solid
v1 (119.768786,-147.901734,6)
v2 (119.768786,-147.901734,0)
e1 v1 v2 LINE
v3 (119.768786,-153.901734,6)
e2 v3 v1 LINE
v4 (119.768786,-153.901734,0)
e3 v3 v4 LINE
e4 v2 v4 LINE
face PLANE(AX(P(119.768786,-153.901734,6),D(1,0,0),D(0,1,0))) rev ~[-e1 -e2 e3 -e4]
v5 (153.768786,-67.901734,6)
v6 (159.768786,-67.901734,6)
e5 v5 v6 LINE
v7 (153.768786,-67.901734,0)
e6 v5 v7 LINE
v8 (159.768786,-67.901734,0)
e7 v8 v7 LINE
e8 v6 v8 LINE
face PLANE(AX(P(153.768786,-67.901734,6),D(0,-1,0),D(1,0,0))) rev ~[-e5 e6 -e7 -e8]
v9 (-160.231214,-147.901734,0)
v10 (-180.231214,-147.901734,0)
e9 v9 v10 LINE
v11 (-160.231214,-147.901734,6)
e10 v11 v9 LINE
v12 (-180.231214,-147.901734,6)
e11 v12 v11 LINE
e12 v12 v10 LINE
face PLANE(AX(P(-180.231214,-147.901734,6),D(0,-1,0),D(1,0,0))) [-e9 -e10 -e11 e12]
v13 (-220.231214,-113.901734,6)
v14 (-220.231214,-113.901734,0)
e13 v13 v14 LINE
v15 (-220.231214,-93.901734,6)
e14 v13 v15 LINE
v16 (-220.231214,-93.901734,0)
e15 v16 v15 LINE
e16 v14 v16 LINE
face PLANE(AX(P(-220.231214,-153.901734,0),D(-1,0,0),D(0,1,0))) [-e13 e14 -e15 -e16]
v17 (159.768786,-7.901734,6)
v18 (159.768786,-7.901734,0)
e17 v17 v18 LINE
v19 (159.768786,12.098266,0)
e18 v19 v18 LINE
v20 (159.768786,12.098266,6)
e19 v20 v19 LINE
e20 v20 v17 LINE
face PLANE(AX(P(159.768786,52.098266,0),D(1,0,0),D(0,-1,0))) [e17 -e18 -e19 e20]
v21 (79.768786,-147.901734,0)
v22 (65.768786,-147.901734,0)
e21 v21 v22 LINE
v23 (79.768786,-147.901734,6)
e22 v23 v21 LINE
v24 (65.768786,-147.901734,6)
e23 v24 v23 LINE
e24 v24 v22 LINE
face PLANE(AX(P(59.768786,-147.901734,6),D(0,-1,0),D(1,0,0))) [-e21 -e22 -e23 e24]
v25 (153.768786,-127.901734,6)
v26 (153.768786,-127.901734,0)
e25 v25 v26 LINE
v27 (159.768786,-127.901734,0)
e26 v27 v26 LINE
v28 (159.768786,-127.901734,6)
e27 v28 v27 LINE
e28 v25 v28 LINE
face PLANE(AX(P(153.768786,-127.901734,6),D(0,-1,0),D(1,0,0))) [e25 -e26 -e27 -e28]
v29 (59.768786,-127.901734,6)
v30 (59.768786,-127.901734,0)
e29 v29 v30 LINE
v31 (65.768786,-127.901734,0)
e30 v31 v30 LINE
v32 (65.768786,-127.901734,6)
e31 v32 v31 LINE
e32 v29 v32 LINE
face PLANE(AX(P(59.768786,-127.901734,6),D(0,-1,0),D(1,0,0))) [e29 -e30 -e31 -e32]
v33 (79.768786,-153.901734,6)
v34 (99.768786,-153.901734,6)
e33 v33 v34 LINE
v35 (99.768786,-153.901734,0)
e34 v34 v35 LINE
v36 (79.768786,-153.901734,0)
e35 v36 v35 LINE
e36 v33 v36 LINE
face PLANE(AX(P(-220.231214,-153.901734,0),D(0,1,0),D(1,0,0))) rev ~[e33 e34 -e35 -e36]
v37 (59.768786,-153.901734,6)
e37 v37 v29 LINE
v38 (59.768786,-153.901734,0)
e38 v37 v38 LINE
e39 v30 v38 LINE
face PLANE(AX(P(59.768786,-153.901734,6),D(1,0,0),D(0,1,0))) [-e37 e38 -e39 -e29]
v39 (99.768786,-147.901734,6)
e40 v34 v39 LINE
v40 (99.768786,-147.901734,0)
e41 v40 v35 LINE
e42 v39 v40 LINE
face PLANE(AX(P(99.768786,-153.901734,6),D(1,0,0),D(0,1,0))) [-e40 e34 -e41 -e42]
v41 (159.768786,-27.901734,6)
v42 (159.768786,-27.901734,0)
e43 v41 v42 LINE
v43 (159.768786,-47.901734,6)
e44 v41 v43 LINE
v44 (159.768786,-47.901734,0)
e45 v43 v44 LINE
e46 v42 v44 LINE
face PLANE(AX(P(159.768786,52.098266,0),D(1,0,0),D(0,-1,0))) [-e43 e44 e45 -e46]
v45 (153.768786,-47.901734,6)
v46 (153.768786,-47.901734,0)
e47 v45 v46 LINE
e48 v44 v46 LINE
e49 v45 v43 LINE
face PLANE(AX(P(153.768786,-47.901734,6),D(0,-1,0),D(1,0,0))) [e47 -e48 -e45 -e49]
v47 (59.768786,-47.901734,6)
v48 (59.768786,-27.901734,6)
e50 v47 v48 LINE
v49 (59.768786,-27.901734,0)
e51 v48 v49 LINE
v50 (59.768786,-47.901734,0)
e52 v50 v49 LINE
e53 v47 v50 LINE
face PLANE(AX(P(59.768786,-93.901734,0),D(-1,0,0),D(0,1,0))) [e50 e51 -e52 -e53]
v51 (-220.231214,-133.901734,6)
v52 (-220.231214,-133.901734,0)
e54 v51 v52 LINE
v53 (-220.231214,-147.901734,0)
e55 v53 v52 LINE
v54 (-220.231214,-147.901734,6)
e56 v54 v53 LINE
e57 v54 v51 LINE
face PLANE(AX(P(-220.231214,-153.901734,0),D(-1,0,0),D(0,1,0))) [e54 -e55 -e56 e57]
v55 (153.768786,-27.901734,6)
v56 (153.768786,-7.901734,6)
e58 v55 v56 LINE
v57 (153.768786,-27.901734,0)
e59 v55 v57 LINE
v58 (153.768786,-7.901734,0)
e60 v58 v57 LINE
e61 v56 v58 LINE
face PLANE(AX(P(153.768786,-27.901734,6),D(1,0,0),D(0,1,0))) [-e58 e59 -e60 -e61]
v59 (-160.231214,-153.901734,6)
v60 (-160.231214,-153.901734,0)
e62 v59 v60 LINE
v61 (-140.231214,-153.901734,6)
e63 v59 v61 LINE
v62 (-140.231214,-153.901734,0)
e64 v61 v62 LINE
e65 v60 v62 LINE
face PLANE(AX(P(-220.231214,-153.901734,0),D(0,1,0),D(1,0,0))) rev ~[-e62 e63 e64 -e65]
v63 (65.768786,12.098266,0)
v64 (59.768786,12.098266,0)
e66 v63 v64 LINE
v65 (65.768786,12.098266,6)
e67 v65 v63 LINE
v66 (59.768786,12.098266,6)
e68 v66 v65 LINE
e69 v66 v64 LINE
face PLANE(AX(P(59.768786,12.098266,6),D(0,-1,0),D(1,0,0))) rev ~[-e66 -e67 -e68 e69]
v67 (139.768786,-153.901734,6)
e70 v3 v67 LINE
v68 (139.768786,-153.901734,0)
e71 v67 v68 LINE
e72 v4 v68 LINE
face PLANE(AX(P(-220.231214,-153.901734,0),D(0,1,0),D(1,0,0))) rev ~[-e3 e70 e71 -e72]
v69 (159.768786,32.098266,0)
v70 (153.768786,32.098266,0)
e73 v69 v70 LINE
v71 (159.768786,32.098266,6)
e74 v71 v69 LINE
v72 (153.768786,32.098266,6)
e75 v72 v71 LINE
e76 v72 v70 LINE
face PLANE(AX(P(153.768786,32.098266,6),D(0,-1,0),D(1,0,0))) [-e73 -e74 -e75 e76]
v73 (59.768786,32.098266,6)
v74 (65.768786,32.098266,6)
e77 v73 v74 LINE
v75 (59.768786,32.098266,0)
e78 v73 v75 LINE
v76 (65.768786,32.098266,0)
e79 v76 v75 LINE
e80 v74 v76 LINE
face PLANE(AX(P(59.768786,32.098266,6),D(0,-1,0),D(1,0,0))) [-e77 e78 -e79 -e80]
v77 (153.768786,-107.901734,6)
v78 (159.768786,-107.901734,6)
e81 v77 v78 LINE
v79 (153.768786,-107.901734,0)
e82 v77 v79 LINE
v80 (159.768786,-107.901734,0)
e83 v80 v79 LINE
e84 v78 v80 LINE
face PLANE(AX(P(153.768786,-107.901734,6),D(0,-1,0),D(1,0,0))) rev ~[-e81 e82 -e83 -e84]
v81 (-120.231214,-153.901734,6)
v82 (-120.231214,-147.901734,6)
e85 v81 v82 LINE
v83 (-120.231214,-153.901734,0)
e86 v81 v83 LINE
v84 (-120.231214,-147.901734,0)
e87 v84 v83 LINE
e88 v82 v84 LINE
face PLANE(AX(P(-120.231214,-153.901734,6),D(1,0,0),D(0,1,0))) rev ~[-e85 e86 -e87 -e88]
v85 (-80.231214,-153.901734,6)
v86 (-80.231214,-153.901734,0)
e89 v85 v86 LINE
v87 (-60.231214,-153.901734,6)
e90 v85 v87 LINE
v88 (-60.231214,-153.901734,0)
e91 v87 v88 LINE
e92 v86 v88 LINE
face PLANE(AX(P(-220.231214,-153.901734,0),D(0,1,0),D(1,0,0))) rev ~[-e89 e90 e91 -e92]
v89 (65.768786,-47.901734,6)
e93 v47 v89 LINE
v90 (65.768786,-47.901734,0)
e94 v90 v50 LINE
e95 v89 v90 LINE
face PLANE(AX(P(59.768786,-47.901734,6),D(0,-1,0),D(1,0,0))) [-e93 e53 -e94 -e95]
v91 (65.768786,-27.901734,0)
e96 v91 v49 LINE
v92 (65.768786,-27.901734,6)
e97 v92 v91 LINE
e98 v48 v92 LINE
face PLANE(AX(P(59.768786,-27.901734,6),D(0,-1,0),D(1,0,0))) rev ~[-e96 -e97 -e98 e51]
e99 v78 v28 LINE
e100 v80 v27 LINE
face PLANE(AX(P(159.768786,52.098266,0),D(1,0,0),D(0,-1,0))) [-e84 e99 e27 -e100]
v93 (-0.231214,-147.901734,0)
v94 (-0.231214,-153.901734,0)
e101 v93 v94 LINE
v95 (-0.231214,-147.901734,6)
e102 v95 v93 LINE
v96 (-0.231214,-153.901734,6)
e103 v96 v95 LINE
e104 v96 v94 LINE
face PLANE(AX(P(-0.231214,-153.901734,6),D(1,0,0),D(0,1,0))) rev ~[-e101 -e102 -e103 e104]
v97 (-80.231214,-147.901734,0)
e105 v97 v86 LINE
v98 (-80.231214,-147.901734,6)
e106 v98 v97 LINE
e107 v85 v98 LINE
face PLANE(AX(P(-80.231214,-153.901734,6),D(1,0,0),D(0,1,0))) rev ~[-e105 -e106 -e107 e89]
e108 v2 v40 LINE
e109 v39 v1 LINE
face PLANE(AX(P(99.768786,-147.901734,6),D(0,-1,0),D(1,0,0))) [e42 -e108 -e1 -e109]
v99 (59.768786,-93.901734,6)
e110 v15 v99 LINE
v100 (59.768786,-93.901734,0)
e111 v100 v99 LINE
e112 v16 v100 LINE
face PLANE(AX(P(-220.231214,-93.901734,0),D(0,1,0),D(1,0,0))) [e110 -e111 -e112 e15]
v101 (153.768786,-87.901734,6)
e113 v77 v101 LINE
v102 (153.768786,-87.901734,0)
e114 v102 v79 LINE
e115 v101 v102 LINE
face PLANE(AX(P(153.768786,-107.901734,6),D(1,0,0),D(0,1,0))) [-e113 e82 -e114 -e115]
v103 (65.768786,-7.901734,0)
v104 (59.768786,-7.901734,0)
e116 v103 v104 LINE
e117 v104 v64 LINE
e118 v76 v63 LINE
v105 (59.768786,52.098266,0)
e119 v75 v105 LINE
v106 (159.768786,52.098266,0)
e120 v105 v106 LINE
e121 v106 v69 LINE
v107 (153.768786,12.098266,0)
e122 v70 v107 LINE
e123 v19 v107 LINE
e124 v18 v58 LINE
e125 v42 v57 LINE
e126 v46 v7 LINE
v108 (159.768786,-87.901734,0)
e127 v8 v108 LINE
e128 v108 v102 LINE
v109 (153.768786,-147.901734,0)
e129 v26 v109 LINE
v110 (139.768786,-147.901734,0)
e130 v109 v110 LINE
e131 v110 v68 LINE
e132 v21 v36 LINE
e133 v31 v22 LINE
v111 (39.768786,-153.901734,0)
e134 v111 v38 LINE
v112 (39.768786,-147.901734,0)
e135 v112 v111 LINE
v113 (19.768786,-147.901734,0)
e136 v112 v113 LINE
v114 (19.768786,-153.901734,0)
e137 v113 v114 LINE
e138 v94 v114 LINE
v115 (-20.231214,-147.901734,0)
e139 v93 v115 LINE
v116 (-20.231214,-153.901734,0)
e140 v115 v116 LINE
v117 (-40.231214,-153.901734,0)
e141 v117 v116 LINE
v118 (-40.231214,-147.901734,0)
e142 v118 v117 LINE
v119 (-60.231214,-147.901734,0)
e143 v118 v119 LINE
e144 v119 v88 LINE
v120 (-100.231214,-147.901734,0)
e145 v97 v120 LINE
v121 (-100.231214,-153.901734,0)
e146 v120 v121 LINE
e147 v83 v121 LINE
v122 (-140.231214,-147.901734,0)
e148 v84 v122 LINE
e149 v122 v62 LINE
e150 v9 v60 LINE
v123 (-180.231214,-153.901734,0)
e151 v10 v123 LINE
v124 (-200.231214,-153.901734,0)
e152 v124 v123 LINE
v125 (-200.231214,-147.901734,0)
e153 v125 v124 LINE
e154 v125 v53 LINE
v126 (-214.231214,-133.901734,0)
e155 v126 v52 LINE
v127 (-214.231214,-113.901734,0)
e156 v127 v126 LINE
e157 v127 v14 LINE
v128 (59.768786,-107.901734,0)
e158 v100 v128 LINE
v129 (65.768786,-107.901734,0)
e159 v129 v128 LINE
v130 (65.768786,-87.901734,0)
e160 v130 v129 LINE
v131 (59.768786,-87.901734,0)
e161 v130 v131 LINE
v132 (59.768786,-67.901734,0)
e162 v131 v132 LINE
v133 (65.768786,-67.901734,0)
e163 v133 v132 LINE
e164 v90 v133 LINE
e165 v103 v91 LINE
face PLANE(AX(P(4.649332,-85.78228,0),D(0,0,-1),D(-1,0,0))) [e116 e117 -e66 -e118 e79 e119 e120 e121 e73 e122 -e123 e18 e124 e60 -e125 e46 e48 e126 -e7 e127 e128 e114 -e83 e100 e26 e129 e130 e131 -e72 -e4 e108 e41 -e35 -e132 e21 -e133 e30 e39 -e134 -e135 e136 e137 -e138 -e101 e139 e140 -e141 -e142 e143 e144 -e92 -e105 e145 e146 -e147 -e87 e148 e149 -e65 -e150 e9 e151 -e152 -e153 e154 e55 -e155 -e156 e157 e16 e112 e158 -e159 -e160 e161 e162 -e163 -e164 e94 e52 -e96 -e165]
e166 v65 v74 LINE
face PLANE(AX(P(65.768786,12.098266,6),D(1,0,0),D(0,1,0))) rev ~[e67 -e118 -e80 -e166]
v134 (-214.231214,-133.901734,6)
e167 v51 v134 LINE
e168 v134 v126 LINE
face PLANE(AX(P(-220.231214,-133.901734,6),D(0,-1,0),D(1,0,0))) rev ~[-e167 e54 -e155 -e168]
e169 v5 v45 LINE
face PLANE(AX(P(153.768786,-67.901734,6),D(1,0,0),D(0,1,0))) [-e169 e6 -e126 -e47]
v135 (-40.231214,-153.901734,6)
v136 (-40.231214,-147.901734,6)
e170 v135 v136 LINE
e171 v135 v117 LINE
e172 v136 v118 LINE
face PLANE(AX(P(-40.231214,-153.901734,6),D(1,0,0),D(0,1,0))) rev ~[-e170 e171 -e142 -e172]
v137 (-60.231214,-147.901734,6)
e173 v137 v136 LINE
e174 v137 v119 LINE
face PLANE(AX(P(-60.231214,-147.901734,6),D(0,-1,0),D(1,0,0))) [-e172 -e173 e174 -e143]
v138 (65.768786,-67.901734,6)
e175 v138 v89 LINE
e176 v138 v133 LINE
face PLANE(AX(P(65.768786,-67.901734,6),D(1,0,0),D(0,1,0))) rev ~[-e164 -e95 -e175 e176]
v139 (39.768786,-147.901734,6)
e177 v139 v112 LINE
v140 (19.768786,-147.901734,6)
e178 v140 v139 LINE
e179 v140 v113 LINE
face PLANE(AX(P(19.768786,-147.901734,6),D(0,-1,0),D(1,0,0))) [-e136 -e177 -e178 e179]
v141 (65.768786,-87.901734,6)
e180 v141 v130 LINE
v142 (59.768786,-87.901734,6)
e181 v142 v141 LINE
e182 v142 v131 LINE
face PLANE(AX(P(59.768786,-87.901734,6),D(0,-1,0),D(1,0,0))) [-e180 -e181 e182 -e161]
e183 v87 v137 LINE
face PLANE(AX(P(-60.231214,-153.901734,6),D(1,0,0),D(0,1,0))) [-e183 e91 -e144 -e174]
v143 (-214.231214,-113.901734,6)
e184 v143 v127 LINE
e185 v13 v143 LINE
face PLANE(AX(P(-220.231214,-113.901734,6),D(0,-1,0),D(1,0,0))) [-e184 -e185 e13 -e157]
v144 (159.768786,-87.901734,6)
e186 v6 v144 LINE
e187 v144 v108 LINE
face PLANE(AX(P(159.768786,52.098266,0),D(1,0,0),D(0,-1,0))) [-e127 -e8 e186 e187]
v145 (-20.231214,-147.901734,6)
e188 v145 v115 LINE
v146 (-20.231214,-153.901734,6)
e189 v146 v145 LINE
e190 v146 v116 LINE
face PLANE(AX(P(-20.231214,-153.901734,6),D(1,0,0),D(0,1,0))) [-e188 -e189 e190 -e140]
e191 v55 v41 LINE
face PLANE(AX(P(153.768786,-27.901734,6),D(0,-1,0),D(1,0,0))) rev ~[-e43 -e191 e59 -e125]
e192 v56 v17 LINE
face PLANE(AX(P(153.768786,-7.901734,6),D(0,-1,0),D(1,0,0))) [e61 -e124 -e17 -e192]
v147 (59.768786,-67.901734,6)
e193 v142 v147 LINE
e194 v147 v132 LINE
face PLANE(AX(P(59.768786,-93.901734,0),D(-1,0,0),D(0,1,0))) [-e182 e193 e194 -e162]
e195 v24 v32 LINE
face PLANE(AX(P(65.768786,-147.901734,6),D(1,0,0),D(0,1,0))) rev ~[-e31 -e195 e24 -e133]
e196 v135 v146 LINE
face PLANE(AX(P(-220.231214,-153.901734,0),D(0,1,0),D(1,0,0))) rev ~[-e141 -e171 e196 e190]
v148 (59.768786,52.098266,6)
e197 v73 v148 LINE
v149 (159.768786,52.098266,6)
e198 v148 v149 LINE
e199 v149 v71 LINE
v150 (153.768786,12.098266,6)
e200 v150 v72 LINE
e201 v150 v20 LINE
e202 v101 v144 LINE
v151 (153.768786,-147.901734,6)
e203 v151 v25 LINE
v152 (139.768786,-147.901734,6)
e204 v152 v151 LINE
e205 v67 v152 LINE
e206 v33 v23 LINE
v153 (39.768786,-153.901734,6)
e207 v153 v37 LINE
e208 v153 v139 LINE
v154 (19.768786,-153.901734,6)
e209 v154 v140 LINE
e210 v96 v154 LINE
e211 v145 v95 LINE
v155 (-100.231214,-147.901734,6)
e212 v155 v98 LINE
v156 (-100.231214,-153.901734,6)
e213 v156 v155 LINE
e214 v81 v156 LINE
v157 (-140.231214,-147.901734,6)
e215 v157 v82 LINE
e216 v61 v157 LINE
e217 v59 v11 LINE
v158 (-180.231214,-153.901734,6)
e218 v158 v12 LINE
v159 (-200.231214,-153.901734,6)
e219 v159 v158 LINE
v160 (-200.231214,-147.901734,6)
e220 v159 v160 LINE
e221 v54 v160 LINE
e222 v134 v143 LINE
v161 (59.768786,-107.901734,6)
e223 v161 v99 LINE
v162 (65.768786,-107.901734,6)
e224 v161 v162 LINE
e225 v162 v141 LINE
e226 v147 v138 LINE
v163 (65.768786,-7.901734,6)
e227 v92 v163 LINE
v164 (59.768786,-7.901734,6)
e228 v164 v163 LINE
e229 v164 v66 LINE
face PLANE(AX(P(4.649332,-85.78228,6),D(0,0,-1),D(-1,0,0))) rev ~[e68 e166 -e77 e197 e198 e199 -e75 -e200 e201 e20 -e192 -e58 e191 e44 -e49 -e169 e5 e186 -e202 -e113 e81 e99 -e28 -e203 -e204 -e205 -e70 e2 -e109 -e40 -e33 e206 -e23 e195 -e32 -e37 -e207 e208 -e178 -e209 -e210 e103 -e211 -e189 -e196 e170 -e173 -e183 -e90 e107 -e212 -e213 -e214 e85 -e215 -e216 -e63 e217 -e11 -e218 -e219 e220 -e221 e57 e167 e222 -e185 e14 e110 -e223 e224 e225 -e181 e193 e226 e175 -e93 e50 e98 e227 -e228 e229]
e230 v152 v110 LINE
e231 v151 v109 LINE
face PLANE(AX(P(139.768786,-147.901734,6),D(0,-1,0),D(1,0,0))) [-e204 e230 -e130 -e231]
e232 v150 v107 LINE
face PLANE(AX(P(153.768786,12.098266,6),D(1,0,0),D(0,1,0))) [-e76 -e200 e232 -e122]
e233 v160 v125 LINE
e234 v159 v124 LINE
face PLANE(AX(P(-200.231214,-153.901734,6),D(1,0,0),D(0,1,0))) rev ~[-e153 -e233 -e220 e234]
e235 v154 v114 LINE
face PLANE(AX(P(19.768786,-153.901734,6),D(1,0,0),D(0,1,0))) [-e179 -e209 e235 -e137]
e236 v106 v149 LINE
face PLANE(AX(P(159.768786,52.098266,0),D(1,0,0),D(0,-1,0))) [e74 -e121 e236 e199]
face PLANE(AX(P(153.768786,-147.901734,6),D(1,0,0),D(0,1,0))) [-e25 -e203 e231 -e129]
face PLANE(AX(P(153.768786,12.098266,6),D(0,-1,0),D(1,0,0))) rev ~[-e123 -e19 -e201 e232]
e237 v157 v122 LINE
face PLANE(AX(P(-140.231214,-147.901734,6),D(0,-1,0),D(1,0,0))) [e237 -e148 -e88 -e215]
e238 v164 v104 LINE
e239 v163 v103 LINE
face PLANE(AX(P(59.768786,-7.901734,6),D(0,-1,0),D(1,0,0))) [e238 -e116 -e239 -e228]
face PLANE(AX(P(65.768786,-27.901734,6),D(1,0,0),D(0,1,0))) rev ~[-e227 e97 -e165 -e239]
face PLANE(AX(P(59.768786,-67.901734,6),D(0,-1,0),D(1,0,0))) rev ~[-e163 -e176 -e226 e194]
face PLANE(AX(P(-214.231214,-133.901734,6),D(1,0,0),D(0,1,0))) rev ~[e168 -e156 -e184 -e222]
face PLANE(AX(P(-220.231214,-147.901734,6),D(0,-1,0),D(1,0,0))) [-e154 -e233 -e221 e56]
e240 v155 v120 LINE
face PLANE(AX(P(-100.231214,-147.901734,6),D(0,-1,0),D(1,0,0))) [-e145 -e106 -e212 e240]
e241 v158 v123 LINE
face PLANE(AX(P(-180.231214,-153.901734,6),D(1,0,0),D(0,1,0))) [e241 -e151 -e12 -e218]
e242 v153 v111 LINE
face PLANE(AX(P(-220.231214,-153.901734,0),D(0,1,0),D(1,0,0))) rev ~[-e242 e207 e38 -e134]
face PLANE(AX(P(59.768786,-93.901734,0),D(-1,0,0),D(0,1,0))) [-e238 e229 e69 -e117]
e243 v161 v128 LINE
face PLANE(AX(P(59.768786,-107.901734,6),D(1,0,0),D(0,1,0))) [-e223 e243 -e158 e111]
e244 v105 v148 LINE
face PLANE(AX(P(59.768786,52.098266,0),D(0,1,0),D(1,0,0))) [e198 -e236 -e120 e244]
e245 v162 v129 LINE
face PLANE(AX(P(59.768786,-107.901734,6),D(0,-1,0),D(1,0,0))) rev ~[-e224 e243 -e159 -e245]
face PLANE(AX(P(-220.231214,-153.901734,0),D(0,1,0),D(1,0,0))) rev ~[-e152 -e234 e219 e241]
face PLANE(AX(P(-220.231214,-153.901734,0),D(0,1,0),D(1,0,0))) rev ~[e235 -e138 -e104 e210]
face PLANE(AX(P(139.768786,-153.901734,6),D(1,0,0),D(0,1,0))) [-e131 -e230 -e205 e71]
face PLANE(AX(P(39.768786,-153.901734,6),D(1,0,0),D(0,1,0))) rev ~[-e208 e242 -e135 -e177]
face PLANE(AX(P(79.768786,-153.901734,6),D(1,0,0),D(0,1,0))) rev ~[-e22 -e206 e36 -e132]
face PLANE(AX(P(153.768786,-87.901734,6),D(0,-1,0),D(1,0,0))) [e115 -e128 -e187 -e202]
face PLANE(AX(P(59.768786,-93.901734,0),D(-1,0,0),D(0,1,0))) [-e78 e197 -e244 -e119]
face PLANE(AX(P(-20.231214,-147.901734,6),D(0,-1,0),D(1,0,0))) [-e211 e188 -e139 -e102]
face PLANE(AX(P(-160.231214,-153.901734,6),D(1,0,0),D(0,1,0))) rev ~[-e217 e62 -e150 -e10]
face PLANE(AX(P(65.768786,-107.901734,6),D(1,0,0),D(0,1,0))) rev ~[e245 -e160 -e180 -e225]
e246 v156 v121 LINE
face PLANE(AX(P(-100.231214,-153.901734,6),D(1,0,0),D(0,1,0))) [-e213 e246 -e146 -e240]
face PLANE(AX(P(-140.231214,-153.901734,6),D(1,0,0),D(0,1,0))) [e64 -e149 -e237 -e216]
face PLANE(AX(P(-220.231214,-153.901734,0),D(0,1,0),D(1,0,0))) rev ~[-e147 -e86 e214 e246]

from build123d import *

# Parameters (mm, degrees)
BOSS_EXTRUDE1_DEPTH = 6
SKETCH2_W           = 20
SKETCH2_H           = 6
CUT_EXTRUDE1_DEPTH  = 10
LPATTERN1_COUNT     = 10
LPATTERN1_PITCH     = 40
SKETCH3_W           = 6
SKETCH3_H           = 20
CUT_EXTRUDE2_DEPTH  = 10
SKETCH4_W           = 6
SKETCH4_H           = 20
CUT_EXTRUDE3_DEPTH  = 10
LPATTERN2_COUNT     = 5
LPATTERN2_PITCH     = 40
SKETCH5_W           = 6
SKETCH5_H           = 20
CUT_EXTRUDE4_DEPTH  = 10
LPATTERN3_COUNT     = 5
LPATTERN3_PITCH     = 40


with BuildPart() as part:
    # Sketch1 → Boss-Extrude1 (new body)
    with BuildSketch(Plane.XY):
        Polygon((-220.231213873, -93.901734104), (59.768786127, -93.901734104), (59.768786127, 52.098265896), (159.768786127, 52.098265896), (159.768786127, -153.901734104), (59.768786127, -153.901734104), (-220.231213873, -153.901734104), align=None)
    extrude(amount=BOSS_EXTRUDE1_DEPTH)

    # Sketch2 → Cut-Extrude1 (cut)
    with BuildSketch(Plane.XY.offset(6)):
        with Locations((-210.231213873, -150.901734104)):
            Rectangle(SKETCH2_W, SKETCH2_H)
    cut_extrude1 = extrude(amount=-CUT_EXTRUDE1_DEPTH, mode=Mode.SUBTRACT)

    # LPattern1: Cut-Extrude1 ×10
    with Locations(*[(i * LPATTERN1_PITCH, 0, 0) for i in range(1, LPATTERN1_COUNT)]):
        add(cut_extrude1, mode=Mode.SUBTRACT)

    # Sketch3 → Cut-Extrude2 (cut)
    with BuildSketch(Plane.XY.offset(6)):
        with Locations((-217.231213873, -123.901734104)):
            Rectangle(SKETCH3_W, SKETCH3_H)
    extrude(amount=-CUT_EXTRUDE2_DEPTH, mode=Mode.SUBTRACT)

    # Sketch4 → Cut-Extrude3 (cut)
    with BuildSketch(Plane.XY.offset(6)):
        with Locations((156.768786127, 22.098265896)):
            Rectangle(SKETCH4_W, SKETCH4_H)
    cut_extrude3 = extrude(amount=-CUT_EXTRUDE3_DEPTH, mode=Mode.SUBTRACT)

    # LPattern2: Cut-Extrude3 ×5
    with Locations(*[(0, -i * LPATTERN2_PITCH, 0) for i in range(1, LPATTERN2_COUNT)]):
        add(cut_extrude3, mode=Mode.SUBTRACT)

    # Sketch5 → Cut-Extrude4 (cut)
    with BuildSketch(Plane.XY.offset(6)):
        with Locations((62.768786127, 22.098265896)):
            Rectangle(SKETCH5_W, SKETCH5_H)
    cut_extrude4 = extrude(amount=-CUT_EXTRUDE4_DEPTH, mode=Mode.SUBTRACT)

    # LPattern3: Cut-Extrude4 ×5
    with Locations(*[(0, -i * LPATTERN3_PITCH, 0) for i in range(1, LPATTERN3_COUNT)]):
        add(cut_extrude4, mode=Mode.SUBTRACT)


solid = part.part
